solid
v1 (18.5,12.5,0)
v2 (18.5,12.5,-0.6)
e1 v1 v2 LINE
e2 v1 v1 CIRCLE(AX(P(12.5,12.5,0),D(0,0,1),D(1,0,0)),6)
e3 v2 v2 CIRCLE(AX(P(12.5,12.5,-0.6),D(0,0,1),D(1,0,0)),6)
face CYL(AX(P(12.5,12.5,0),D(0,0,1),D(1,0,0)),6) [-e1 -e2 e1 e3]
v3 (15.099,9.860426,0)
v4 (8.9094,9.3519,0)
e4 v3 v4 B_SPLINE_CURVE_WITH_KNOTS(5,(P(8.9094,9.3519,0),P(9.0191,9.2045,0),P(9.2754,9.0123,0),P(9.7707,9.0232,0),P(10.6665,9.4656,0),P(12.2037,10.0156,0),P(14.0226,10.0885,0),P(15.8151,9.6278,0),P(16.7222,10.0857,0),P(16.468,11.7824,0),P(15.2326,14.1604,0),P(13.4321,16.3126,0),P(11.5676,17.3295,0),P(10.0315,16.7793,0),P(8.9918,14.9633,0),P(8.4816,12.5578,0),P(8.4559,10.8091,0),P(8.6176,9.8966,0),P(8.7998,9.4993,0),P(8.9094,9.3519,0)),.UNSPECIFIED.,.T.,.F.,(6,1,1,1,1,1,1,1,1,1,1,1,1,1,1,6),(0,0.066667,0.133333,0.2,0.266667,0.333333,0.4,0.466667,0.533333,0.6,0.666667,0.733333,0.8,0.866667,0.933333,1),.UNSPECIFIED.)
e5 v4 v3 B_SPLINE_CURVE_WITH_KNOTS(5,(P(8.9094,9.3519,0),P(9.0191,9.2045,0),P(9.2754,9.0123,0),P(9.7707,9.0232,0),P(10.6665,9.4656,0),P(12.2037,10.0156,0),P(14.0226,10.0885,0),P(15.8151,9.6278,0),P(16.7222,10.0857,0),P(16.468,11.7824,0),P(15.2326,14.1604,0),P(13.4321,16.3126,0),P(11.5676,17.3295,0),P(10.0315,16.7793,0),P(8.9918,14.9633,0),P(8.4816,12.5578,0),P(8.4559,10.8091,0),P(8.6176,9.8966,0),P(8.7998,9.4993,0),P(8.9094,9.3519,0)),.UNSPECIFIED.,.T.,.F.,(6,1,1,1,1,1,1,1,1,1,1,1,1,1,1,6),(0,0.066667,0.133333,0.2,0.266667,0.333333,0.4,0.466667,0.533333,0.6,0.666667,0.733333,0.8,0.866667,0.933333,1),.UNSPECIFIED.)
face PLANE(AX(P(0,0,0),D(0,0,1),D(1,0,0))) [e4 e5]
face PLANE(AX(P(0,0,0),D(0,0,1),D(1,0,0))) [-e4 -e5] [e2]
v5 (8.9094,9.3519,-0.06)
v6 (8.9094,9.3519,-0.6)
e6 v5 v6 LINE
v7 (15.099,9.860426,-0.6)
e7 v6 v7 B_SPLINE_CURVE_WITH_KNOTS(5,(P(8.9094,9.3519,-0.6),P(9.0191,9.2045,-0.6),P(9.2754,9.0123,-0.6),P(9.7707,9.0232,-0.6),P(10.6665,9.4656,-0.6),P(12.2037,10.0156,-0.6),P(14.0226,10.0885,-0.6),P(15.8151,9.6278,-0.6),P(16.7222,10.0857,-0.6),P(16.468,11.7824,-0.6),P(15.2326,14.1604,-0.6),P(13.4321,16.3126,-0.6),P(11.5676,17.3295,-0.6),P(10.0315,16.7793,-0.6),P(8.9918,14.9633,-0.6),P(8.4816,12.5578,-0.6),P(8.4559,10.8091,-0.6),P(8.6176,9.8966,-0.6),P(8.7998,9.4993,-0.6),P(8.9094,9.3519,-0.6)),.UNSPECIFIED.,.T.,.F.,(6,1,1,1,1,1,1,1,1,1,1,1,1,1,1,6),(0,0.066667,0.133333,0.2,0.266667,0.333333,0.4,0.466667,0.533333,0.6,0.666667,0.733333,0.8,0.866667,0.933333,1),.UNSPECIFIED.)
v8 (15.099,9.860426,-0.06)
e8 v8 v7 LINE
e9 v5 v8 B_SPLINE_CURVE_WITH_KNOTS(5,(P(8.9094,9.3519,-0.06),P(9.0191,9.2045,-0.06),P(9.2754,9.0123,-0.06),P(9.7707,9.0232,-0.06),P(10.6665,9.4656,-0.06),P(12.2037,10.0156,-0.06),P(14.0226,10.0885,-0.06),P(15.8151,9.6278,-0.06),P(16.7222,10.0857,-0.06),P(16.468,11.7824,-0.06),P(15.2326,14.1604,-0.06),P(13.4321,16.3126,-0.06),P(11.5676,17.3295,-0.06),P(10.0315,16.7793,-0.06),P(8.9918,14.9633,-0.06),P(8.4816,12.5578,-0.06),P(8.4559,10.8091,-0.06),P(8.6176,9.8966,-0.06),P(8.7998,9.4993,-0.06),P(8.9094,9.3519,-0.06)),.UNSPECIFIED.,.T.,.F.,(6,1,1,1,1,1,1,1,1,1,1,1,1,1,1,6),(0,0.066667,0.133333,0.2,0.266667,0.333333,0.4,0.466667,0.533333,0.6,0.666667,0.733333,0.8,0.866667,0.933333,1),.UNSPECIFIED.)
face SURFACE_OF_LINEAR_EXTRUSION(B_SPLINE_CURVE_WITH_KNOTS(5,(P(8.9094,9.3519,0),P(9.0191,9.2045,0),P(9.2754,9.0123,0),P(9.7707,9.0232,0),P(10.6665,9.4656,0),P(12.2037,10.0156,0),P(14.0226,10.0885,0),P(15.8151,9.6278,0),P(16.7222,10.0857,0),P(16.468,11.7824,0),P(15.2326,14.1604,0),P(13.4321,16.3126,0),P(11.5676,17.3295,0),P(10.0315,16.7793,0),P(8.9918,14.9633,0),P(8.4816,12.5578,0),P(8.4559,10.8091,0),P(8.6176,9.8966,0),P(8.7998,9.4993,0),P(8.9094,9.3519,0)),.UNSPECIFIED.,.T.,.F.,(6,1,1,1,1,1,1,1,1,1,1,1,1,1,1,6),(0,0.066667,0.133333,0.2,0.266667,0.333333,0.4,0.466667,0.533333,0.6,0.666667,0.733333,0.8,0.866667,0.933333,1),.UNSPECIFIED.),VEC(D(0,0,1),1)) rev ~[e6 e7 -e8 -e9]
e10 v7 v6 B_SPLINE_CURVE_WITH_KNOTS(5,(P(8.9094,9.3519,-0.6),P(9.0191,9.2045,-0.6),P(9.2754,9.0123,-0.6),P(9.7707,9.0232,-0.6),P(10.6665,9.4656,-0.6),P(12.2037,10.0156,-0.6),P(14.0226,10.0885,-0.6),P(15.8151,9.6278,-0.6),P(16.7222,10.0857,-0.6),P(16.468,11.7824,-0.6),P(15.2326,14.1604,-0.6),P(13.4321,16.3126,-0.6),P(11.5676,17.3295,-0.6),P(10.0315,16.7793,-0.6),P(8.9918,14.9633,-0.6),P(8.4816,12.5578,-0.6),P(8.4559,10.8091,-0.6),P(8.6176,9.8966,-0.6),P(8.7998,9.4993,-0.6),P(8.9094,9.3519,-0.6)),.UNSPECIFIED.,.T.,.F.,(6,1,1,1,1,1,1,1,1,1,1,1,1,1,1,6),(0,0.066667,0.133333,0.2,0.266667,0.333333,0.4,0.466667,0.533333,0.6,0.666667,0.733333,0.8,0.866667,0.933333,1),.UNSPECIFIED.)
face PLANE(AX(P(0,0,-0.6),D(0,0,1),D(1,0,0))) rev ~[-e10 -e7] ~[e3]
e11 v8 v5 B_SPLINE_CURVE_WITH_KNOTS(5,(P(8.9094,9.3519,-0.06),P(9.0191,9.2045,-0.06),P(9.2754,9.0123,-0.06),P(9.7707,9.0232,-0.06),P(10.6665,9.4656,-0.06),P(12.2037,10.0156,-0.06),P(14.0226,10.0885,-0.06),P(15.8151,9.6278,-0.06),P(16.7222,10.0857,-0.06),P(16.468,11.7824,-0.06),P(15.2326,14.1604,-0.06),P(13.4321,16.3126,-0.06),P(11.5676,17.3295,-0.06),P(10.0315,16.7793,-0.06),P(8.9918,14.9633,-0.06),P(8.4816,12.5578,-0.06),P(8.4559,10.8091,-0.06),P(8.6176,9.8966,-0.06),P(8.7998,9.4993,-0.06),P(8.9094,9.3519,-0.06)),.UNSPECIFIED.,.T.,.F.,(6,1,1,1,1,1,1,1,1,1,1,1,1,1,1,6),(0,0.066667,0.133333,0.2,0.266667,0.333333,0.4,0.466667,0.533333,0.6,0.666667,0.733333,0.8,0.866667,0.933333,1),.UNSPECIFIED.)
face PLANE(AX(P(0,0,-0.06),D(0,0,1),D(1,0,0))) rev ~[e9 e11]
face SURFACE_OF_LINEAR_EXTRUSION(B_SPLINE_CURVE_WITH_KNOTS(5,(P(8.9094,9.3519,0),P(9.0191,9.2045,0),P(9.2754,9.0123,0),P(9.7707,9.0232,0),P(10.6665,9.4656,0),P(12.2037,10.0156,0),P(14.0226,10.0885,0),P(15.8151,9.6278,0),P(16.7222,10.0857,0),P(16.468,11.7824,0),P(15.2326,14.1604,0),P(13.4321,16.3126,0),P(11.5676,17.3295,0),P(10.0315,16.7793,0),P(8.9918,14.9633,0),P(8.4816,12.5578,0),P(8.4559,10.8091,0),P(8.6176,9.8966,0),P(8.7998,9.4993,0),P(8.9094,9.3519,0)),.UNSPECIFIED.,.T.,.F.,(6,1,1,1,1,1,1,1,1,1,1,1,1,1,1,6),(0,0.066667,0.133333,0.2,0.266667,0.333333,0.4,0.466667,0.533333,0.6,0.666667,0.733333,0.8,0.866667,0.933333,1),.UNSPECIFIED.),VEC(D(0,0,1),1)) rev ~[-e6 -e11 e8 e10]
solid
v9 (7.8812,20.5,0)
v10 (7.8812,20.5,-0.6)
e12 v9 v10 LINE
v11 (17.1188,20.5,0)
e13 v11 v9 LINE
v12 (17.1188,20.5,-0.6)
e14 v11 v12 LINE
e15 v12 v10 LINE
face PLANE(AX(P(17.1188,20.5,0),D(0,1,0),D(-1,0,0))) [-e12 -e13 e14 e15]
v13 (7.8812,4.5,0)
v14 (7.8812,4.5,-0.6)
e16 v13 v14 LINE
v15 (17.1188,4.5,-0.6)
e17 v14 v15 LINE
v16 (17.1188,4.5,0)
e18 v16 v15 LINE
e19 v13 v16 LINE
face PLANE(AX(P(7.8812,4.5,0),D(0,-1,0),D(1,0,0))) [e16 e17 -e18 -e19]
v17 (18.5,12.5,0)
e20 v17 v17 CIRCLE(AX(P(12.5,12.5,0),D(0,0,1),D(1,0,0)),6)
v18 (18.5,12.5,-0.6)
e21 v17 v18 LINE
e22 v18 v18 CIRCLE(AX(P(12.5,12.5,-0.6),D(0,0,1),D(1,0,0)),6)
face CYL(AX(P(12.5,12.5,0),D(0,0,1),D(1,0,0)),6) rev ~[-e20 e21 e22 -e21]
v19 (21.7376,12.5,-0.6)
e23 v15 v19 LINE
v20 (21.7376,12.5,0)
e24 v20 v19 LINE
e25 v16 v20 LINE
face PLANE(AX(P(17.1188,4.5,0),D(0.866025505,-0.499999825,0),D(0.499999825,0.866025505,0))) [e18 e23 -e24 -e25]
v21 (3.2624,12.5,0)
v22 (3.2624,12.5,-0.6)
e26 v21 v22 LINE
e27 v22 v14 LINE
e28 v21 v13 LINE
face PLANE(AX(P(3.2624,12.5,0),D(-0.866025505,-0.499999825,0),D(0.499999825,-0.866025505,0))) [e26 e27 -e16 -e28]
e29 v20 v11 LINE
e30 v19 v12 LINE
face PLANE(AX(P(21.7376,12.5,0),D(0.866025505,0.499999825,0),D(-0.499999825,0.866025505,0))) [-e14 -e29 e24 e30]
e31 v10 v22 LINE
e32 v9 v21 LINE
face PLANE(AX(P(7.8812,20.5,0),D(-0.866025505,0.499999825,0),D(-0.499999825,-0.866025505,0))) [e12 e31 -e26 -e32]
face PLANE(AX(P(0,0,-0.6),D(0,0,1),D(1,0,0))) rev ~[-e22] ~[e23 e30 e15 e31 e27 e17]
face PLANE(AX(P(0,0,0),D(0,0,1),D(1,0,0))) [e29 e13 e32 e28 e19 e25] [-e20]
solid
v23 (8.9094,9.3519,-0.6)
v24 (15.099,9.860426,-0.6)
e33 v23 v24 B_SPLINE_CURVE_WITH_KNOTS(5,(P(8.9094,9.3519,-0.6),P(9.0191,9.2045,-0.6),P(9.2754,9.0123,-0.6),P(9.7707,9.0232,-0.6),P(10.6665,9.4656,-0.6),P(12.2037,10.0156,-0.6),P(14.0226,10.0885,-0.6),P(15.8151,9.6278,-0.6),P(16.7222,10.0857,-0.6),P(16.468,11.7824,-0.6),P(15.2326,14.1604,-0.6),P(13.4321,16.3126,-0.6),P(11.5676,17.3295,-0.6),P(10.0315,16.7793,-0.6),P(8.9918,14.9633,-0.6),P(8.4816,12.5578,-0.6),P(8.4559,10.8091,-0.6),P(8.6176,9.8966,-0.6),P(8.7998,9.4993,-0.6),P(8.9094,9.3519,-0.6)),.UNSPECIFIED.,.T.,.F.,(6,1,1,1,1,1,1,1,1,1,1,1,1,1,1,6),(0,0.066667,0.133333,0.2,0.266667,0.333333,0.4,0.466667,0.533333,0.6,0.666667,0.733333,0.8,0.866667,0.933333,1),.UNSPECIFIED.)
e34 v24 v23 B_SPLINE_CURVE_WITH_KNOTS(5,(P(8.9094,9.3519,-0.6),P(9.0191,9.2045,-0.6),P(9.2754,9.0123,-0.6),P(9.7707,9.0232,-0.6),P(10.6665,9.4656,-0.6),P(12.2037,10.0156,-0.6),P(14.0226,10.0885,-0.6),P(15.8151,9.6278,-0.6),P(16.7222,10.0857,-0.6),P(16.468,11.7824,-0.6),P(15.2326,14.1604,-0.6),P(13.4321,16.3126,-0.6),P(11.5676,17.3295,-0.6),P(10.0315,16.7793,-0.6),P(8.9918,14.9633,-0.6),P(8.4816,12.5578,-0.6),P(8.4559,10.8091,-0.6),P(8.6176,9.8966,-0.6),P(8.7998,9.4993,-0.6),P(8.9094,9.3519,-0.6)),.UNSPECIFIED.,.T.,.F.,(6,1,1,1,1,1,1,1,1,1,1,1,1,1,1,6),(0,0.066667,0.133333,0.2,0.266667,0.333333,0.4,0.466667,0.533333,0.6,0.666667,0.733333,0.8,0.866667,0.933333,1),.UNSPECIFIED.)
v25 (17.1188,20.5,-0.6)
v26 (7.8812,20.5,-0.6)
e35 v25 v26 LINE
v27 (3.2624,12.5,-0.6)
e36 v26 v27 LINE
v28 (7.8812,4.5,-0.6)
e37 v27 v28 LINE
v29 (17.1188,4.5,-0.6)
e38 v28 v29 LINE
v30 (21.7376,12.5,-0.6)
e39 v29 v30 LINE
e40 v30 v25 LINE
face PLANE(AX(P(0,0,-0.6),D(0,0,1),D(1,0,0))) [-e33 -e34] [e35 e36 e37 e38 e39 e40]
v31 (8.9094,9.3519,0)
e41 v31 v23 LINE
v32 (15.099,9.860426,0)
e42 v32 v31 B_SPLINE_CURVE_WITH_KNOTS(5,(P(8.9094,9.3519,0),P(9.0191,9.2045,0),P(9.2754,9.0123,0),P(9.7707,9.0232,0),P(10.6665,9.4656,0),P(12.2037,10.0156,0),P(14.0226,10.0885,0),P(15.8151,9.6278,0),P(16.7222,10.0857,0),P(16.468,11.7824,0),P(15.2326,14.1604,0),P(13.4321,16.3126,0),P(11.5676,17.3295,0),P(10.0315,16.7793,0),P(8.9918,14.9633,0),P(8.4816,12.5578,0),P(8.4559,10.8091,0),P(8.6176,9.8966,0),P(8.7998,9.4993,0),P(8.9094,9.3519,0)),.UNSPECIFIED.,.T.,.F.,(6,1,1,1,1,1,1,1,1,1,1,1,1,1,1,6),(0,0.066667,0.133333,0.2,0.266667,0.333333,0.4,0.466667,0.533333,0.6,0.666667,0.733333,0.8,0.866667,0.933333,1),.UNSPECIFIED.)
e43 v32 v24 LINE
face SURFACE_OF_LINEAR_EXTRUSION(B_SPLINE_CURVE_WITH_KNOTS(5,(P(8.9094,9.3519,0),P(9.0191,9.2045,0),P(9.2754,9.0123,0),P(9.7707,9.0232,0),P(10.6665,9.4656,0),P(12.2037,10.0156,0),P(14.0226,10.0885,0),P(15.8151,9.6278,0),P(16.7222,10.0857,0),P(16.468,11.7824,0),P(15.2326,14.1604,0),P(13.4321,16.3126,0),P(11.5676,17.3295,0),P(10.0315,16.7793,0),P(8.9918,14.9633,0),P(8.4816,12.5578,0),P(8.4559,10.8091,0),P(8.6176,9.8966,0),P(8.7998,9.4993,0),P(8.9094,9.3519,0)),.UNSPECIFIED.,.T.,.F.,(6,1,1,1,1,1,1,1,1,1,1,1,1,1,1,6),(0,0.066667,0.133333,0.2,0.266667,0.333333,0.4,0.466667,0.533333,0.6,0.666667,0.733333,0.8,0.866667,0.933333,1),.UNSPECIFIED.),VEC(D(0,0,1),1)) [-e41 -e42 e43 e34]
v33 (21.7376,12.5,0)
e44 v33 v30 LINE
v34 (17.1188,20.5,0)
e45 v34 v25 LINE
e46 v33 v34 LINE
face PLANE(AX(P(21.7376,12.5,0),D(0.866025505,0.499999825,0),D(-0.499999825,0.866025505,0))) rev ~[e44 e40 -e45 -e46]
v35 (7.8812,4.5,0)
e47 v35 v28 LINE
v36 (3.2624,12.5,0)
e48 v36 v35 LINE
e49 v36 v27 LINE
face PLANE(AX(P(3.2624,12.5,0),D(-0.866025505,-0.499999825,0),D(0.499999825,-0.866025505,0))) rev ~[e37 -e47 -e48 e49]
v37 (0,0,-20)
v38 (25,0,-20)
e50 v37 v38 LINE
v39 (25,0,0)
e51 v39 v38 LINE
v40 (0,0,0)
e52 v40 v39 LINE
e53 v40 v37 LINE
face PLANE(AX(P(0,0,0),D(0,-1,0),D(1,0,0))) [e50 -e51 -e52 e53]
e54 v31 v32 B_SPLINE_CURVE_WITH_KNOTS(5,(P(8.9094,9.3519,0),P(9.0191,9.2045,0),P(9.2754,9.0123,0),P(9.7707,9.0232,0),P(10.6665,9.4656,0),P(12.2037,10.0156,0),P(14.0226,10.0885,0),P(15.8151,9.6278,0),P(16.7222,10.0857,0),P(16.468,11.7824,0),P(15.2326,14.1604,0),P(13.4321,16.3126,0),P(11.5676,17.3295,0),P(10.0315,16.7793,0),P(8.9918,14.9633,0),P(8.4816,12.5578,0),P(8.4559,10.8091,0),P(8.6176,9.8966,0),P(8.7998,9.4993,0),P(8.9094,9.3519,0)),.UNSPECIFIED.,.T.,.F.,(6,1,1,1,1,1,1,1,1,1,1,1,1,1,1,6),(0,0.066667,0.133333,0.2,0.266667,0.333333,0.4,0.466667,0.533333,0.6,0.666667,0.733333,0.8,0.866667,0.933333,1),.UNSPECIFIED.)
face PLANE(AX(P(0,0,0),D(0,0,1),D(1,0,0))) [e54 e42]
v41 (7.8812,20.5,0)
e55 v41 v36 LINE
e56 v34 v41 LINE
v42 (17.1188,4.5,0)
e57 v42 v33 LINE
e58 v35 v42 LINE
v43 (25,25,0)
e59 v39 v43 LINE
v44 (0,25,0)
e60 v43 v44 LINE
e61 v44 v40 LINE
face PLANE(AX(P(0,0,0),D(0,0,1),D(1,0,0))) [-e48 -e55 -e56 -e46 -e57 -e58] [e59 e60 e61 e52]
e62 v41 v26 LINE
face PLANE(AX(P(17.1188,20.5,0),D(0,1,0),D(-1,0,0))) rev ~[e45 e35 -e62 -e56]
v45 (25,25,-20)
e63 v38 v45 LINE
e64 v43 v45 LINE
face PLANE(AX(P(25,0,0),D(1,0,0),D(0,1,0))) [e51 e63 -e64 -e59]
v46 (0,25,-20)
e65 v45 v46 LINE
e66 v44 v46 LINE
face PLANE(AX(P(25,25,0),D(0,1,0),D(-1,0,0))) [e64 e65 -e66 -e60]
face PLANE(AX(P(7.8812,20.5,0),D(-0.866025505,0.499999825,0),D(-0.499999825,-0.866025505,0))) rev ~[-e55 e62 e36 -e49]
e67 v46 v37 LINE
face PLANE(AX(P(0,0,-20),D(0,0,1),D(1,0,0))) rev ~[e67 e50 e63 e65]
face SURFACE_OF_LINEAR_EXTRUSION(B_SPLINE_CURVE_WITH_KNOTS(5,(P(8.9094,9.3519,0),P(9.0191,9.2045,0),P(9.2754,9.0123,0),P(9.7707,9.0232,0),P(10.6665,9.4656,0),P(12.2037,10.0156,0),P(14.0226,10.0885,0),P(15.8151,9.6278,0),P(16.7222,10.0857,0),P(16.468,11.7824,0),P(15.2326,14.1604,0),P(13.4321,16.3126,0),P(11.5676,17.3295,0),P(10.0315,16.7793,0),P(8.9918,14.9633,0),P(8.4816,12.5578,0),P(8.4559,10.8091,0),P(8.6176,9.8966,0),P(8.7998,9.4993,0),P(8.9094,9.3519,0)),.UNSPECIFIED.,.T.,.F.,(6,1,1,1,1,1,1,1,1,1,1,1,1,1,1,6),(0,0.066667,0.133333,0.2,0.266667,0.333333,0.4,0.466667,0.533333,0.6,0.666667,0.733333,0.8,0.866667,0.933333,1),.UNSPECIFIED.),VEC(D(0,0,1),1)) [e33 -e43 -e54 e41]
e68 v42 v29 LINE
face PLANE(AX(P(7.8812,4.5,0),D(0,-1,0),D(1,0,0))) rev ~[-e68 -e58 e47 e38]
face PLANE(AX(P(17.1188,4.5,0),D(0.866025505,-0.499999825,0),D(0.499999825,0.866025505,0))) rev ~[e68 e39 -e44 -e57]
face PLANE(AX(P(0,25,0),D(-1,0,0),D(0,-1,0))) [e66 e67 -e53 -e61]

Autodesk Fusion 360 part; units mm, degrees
sketch "Sketch1" plane through (0, 0, 0) normal (0, 0, 1) x (1, 0, 0) in component "Multipart Demo"
  line L0 (0, 0) -> (25, 0)
  line L1 (25, 0) -> (25, 25)
  line L2 (25, 25) -> (0, 25)
  line L3 (0, 25) -> (0, 0)
  line L4 (7.8812, 20.5) -> (3.2624, 12.5)
  line L5 (3.2624, 12.5) -> (7.8812, 4.5)
  line L6 (7.8812, 4.5) -> (17.1188, 4.5)
  line L7 (17.1188, 4.5) -> (21.7376, 12.5)
  line L8 (21.7376, 12.5) -> (17.1188, 20.5)
  line L9 (17.1188, 20.5) -> (7.8812, 20.5)
  circle A0 centre (12.5, 12.5) radius 6
  spline S0 degree 5 poles (8.9094, 9.3519) (9.0191, 9.2045) (9.2754, 9.0123) (9.7707, 9.0232) (10.6665, 9.4656) (12.2037, 10.0156) (14.0226, 10.0885) (15.8151, 9.6278) (16.7222, 10.0857) (16.468, 11.7824) (15.2326, 14.1604) (13.4321, 16.3126) (11.5676, 17.3295) (10.0315, 16.7793) (8.9918, 14.9633) (8.4816, 12.5578) (8.4559, 10.8091) (8.6176, 9.8966) (8.7998, 9.4993) (8.9094, 9.3519) knots 0 0 0 0 0 0 0.066667 0.133333 0.2 0.266667 0.333333 0.4 0.466667 0.533333 0.6 0.666667 0.733333 0.8 0.866667 0.933333 1 1 1 1 1 1
  line L10 (13.9946, 9.9481) -> (16.204, 9.7727)
  point P0 (12.5, 12.5)
  point P1 (15.0993, 9.8604)
  point P2 (12.0833, 16.8393)
  dimension "d1" = 8
  dimension "d2" = 12
extrude "Extrude1" add sketch "Sketch1" against normal blind 20 contours L0 L1 L2 L3 | L4 L5 L6 L7 L8 L9 | A0 | S0 makes body 1 in component "Multipart Demo"
extrude "Extrude2" cut sketch "Sketch1" against normal blind 0.6 contours L4 L5 L6 L7 L8 L9 | S0 bodies 1 in component "Multipart Demo"
extrude "Extrude4" add sketch "Sketch1" against normal blind 0.6 separate body contours L4 L5 L6 L7 L8 L9 makes body 2 in component "Multipart Demo"
extrude "Extrude5" add 1 faces at (11.9592, 12.8035, -0.6) along direction (0, 0, 1) blind 0.6 on bodies 1 bodies 1 in component "Multipart Demo"
extrude "Extrude6" cut 1 faces at (11.5, 14.2321, 0) along direction (0, 0, -1) blind 0.6 on bodies 1 bodies 1 in component "Multipart Demo"
extrude "Extrude7" add sketch "Sketch1" against normal blind 0.6 separate body contours A0 | S0 makes body 3 in component "Multipart Demo"
extrude "Extrude8" cut sketch "Sketch1" against normal blind 0.6 contours S0 bodies 3 in component "Multipart Demo"
extrude "Extrude9" add sketch "Sketch1" against normal blind 0.06 contours S0 bodies 3 in component "Multipart Demo"
extrude "Extrude10" add sketch "Sketch1" against normal blind 0.6 contours S0 bodies 1 in component "Multipart Demo"
component "Multipart Demo" placed x (1, 0, 0) y (0, 1, 0) z (0, 0, 1) at (0, 0, 0)
